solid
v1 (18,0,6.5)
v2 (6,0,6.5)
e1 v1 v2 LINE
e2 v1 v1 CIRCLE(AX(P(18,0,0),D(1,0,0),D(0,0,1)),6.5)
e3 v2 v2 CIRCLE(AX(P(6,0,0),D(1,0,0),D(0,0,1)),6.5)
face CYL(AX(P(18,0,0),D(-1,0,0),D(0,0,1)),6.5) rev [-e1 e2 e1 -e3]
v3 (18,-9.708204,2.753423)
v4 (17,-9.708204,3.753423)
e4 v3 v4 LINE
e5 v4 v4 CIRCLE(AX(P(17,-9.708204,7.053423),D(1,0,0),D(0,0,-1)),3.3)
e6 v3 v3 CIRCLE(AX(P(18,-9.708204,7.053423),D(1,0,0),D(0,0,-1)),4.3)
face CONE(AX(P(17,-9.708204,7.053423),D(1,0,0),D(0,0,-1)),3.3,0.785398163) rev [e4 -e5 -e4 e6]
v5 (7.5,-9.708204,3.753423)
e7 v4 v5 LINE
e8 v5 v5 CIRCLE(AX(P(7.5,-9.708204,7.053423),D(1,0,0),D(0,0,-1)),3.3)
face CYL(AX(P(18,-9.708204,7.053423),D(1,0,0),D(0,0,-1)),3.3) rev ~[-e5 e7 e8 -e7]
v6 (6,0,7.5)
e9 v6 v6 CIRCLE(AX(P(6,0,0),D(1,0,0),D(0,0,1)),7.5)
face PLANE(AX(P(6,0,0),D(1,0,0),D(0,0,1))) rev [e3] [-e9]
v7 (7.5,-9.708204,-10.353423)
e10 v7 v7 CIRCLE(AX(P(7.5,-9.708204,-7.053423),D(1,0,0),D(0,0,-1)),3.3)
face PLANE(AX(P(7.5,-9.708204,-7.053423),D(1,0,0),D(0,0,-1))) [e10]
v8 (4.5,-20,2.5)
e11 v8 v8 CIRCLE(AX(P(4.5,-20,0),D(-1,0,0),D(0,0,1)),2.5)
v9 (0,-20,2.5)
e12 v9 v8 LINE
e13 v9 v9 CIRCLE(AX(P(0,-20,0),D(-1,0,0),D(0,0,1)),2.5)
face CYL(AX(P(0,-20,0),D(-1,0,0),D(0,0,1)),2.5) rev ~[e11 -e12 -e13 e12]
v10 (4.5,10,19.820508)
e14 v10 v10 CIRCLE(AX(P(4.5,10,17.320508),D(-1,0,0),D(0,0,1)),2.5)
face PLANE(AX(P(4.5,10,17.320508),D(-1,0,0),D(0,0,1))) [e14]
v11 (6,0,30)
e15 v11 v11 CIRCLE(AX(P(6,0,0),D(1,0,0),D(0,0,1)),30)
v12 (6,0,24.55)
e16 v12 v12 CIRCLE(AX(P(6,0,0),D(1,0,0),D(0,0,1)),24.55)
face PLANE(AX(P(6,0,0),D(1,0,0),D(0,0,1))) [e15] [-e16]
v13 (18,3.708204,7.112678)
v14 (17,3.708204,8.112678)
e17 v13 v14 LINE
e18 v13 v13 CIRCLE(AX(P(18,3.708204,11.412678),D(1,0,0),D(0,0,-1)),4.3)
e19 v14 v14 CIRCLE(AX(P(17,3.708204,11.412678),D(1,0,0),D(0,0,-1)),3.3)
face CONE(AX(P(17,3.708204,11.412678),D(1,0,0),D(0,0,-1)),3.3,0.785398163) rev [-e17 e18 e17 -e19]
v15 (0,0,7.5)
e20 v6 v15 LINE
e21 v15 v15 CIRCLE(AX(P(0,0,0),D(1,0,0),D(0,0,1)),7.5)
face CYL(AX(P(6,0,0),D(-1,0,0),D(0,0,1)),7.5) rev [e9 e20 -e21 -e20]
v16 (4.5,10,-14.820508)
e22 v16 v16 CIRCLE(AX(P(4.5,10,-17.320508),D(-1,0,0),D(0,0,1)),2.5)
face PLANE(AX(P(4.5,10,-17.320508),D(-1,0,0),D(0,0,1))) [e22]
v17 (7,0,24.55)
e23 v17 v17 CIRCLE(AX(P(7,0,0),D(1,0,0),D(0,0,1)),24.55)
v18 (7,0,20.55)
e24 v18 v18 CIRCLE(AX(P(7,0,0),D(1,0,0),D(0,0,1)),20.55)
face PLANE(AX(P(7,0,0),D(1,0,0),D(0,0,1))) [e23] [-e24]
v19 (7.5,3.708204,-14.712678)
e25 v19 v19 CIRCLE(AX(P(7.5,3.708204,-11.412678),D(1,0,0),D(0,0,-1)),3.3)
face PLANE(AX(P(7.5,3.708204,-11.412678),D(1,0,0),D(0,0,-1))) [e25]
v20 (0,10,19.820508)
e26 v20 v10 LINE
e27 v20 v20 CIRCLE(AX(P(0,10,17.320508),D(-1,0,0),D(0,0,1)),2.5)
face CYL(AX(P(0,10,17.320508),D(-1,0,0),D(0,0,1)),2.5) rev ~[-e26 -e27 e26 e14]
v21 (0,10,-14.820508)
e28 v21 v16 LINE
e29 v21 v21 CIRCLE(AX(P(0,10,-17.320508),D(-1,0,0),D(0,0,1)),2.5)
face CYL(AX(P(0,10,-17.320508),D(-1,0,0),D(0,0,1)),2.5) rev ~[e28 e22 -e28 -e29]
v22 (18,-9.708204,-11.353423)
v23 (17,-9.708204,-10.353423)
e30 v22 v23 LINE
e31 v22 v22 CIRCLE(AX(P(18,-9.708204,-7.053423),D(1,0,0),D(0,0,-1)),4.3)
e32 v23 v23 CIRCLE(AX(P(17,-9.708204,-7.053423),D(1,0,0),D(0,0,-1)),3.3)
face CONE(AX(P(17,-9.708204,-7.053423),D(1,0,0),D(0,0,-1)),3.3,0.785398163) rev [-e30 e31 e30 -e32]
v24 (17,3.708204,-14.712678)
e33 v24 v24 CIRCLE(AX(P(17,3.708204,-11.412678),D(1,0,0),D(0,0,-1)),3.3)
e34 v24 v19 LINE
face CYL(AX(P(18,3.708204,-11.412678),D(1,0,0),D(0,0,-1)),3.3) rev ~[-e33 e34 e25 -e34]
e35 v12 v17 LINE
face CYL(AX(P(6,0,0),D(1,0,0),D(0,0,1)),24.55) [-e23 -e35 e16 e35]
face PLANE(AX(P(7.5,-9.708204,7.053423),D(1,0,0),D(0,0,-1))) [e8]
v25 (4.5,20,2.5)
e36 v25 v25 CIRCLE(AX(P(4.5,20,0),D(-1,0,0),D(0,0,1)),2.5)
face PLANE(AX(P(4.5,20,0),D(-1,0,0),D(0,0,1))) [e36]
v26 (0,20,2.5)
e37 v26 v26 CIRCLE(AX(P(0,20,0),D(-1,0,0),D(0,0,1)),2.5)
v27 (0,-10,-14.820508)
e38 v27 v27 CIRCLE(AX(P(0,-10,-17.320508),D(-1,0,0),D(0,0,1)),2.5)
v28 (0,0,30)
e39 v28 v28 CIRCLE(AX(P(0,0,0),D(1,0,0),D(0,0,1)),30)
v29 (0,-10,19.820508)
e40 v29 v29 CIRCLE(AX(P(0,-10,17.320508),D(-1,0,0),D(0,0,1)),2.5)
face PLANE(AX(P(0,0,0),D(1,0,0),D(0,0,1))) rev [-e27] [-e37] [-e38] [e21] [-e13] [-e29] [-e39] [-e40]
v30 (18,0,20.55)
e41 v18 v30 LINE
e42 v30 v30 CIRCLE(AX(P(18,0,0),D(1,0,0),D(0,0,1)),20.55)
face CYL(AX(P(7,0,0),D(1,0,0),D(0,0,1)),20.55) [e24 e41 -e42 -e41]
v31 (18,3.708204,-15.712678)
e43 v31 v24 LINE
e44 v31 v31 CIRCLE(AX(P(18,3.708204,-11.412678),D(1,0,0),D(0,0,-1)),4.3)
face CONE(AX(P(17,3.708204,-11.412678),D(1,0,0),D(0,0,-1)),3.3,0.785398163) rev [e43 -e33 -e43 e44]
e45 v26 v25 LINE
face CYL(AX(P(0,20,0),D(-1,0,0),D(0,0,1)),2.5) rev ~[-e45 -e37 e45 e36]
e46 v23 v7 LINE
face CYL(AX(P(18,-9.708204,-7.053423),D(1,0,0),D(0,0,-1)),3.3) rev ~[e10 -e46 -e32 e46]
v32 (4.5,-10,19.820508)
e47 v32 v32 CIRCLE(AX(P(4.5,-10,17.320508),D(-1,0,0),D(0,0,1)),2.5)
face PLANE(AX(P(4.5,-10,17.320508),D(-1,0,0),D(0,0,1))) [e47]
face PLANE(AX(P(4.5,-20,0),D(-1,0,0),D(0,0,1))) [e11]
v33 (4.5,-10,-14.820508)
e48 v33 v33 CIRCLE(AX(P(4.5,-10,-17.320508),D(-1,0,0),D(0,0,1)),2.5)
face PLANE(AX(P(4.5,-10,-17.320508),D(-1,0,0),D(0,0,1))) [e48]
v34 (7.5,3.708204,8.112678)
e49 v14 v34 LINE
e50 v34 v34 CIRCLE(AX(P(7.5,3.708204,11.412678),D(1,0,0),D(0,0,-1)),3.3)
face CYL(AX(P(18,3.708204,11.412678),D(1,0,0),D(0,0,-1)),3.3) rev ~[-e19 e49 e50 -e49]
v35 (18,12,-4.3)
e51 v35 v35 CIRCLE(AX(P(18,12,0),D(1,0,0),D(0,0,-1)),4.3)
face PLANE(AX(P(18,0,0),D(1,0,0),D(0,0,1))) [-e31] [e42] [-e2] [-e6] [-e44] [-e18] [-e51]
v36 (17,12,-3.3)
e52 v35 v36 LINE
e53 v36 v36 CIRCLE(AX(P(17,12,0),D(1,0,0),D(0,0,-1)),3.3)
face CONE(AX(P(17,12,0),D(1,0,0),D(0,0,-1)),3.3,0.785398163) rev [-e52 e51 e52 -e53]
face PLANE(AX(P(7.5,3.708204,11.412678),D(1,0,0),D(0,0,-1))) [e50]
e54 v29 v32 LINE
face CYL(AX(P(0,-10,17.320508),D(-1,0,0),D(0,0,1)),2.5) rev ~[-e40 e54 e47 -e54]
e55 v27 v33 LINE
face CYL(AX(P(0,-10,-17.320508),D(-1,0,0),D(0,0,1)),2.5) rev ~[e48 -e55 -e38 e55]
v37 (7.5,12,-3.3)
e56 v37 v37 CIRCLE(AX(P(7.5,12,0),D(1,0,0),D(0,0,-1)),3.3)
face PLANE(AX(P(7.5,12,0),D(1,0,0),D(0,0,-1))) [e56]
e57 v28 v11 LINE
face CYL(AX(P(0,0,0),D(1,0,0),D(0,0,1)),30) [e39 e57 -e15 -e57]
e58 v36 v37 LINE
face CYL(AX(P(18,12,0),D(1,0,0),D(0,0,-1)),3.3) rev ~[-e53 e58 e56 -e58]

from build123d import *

# Parameters (mm, degrees)
SKETCH2_R          = 2.5
CUT_EXTRUDE1_DEPTH = 4.5
SKETCH3_R          = 3.3
CUT_EXTRUDE2_DEPTH = 10.5
CHAMFER1_SIZE      = 1


with BuildPart() as part:
    # Sketch1 → Revolve1 (revolve)
    with BuildSketch(Plane.XY, mode=Mode.PRIVATE) as revolve1_sk:
        Polygon((0, 30), (6, 30), (6, 24.55), (7, 24.55), (7, 20.55), (18, 20.55), (18, 6.5), (6, 6.5), (6, 7.5), (0, 7.5), align=None)
    revolve(revolve1_sk.sketch.rotate(Axis((0, 0, 0), (1, 0, 0)), 90), axis=Axis((0, 0, 0), (1, 0, 0)))

    # Sketch2 → Cut-Extrude1 (cut)
    with BuildSketch(Plane.ZY):
        with Locations((0, 20)):
            Circle(SKETCH2_R)
        with Locations((17.320508076, 10)):
            Circle(SKETCH2_R)
        with Locations((17.320508076, -10)):
            Circle(SKETCH2_R)
        with Locations((0, -20)):
            Circle(SKETCH2_R)
        with Locations((-17.320508076, -10)):
            Circle(SKETCH2_R)
        with Locations((-17.320508076, 10)):
            Circle(SKETCH2_R)
    extrude(amount=-CUT_EXTRUDE1_DEPTH, mode=Mode.SUBTRACT)

    # Sketch3 → Cut-Extrude2 (cut)
    with BuildSketch(Plane(origin=(18, 0, 0), x_dir=(0, 0, -1), z_dir=(1, 0, 0))):
        with Locations((0, 12)):
            Circle(SKETCH3_R)
        with Locations((11.412678196, 3.708203932)):
            Circle(SKETCH3_R)
        with Locations((7.053423028, -9.708203932)):
            Circle(SKETCH3_R)
        with Locations((-7.053423028, -9.708203932)):
            Circle(SKETCH3_R)
        with Locations((-11.412678196, 3.708203932)):
            Circle(SKETCH3_R)
    extrude(amount=-CUT_EXTRUDE2_DEPTH, mode=Mode.SUBTRACT)

    # Chamfer1
    chamfer1_edges = [part.edges().sort_by_distance(p)[0] for p in [
        (18, 12, 3.3),
        (18, 3.708203932, -8.112678196),
        (18, -9.708203932, -3.753423028),
        (18, -9.708203932, 10.353423028),
        (18, 3.708203932, 14.712678196),
    ]]
    chamfer(chamfer1_edges, length=CHAMFER1_SIZE)


solid = part.part
